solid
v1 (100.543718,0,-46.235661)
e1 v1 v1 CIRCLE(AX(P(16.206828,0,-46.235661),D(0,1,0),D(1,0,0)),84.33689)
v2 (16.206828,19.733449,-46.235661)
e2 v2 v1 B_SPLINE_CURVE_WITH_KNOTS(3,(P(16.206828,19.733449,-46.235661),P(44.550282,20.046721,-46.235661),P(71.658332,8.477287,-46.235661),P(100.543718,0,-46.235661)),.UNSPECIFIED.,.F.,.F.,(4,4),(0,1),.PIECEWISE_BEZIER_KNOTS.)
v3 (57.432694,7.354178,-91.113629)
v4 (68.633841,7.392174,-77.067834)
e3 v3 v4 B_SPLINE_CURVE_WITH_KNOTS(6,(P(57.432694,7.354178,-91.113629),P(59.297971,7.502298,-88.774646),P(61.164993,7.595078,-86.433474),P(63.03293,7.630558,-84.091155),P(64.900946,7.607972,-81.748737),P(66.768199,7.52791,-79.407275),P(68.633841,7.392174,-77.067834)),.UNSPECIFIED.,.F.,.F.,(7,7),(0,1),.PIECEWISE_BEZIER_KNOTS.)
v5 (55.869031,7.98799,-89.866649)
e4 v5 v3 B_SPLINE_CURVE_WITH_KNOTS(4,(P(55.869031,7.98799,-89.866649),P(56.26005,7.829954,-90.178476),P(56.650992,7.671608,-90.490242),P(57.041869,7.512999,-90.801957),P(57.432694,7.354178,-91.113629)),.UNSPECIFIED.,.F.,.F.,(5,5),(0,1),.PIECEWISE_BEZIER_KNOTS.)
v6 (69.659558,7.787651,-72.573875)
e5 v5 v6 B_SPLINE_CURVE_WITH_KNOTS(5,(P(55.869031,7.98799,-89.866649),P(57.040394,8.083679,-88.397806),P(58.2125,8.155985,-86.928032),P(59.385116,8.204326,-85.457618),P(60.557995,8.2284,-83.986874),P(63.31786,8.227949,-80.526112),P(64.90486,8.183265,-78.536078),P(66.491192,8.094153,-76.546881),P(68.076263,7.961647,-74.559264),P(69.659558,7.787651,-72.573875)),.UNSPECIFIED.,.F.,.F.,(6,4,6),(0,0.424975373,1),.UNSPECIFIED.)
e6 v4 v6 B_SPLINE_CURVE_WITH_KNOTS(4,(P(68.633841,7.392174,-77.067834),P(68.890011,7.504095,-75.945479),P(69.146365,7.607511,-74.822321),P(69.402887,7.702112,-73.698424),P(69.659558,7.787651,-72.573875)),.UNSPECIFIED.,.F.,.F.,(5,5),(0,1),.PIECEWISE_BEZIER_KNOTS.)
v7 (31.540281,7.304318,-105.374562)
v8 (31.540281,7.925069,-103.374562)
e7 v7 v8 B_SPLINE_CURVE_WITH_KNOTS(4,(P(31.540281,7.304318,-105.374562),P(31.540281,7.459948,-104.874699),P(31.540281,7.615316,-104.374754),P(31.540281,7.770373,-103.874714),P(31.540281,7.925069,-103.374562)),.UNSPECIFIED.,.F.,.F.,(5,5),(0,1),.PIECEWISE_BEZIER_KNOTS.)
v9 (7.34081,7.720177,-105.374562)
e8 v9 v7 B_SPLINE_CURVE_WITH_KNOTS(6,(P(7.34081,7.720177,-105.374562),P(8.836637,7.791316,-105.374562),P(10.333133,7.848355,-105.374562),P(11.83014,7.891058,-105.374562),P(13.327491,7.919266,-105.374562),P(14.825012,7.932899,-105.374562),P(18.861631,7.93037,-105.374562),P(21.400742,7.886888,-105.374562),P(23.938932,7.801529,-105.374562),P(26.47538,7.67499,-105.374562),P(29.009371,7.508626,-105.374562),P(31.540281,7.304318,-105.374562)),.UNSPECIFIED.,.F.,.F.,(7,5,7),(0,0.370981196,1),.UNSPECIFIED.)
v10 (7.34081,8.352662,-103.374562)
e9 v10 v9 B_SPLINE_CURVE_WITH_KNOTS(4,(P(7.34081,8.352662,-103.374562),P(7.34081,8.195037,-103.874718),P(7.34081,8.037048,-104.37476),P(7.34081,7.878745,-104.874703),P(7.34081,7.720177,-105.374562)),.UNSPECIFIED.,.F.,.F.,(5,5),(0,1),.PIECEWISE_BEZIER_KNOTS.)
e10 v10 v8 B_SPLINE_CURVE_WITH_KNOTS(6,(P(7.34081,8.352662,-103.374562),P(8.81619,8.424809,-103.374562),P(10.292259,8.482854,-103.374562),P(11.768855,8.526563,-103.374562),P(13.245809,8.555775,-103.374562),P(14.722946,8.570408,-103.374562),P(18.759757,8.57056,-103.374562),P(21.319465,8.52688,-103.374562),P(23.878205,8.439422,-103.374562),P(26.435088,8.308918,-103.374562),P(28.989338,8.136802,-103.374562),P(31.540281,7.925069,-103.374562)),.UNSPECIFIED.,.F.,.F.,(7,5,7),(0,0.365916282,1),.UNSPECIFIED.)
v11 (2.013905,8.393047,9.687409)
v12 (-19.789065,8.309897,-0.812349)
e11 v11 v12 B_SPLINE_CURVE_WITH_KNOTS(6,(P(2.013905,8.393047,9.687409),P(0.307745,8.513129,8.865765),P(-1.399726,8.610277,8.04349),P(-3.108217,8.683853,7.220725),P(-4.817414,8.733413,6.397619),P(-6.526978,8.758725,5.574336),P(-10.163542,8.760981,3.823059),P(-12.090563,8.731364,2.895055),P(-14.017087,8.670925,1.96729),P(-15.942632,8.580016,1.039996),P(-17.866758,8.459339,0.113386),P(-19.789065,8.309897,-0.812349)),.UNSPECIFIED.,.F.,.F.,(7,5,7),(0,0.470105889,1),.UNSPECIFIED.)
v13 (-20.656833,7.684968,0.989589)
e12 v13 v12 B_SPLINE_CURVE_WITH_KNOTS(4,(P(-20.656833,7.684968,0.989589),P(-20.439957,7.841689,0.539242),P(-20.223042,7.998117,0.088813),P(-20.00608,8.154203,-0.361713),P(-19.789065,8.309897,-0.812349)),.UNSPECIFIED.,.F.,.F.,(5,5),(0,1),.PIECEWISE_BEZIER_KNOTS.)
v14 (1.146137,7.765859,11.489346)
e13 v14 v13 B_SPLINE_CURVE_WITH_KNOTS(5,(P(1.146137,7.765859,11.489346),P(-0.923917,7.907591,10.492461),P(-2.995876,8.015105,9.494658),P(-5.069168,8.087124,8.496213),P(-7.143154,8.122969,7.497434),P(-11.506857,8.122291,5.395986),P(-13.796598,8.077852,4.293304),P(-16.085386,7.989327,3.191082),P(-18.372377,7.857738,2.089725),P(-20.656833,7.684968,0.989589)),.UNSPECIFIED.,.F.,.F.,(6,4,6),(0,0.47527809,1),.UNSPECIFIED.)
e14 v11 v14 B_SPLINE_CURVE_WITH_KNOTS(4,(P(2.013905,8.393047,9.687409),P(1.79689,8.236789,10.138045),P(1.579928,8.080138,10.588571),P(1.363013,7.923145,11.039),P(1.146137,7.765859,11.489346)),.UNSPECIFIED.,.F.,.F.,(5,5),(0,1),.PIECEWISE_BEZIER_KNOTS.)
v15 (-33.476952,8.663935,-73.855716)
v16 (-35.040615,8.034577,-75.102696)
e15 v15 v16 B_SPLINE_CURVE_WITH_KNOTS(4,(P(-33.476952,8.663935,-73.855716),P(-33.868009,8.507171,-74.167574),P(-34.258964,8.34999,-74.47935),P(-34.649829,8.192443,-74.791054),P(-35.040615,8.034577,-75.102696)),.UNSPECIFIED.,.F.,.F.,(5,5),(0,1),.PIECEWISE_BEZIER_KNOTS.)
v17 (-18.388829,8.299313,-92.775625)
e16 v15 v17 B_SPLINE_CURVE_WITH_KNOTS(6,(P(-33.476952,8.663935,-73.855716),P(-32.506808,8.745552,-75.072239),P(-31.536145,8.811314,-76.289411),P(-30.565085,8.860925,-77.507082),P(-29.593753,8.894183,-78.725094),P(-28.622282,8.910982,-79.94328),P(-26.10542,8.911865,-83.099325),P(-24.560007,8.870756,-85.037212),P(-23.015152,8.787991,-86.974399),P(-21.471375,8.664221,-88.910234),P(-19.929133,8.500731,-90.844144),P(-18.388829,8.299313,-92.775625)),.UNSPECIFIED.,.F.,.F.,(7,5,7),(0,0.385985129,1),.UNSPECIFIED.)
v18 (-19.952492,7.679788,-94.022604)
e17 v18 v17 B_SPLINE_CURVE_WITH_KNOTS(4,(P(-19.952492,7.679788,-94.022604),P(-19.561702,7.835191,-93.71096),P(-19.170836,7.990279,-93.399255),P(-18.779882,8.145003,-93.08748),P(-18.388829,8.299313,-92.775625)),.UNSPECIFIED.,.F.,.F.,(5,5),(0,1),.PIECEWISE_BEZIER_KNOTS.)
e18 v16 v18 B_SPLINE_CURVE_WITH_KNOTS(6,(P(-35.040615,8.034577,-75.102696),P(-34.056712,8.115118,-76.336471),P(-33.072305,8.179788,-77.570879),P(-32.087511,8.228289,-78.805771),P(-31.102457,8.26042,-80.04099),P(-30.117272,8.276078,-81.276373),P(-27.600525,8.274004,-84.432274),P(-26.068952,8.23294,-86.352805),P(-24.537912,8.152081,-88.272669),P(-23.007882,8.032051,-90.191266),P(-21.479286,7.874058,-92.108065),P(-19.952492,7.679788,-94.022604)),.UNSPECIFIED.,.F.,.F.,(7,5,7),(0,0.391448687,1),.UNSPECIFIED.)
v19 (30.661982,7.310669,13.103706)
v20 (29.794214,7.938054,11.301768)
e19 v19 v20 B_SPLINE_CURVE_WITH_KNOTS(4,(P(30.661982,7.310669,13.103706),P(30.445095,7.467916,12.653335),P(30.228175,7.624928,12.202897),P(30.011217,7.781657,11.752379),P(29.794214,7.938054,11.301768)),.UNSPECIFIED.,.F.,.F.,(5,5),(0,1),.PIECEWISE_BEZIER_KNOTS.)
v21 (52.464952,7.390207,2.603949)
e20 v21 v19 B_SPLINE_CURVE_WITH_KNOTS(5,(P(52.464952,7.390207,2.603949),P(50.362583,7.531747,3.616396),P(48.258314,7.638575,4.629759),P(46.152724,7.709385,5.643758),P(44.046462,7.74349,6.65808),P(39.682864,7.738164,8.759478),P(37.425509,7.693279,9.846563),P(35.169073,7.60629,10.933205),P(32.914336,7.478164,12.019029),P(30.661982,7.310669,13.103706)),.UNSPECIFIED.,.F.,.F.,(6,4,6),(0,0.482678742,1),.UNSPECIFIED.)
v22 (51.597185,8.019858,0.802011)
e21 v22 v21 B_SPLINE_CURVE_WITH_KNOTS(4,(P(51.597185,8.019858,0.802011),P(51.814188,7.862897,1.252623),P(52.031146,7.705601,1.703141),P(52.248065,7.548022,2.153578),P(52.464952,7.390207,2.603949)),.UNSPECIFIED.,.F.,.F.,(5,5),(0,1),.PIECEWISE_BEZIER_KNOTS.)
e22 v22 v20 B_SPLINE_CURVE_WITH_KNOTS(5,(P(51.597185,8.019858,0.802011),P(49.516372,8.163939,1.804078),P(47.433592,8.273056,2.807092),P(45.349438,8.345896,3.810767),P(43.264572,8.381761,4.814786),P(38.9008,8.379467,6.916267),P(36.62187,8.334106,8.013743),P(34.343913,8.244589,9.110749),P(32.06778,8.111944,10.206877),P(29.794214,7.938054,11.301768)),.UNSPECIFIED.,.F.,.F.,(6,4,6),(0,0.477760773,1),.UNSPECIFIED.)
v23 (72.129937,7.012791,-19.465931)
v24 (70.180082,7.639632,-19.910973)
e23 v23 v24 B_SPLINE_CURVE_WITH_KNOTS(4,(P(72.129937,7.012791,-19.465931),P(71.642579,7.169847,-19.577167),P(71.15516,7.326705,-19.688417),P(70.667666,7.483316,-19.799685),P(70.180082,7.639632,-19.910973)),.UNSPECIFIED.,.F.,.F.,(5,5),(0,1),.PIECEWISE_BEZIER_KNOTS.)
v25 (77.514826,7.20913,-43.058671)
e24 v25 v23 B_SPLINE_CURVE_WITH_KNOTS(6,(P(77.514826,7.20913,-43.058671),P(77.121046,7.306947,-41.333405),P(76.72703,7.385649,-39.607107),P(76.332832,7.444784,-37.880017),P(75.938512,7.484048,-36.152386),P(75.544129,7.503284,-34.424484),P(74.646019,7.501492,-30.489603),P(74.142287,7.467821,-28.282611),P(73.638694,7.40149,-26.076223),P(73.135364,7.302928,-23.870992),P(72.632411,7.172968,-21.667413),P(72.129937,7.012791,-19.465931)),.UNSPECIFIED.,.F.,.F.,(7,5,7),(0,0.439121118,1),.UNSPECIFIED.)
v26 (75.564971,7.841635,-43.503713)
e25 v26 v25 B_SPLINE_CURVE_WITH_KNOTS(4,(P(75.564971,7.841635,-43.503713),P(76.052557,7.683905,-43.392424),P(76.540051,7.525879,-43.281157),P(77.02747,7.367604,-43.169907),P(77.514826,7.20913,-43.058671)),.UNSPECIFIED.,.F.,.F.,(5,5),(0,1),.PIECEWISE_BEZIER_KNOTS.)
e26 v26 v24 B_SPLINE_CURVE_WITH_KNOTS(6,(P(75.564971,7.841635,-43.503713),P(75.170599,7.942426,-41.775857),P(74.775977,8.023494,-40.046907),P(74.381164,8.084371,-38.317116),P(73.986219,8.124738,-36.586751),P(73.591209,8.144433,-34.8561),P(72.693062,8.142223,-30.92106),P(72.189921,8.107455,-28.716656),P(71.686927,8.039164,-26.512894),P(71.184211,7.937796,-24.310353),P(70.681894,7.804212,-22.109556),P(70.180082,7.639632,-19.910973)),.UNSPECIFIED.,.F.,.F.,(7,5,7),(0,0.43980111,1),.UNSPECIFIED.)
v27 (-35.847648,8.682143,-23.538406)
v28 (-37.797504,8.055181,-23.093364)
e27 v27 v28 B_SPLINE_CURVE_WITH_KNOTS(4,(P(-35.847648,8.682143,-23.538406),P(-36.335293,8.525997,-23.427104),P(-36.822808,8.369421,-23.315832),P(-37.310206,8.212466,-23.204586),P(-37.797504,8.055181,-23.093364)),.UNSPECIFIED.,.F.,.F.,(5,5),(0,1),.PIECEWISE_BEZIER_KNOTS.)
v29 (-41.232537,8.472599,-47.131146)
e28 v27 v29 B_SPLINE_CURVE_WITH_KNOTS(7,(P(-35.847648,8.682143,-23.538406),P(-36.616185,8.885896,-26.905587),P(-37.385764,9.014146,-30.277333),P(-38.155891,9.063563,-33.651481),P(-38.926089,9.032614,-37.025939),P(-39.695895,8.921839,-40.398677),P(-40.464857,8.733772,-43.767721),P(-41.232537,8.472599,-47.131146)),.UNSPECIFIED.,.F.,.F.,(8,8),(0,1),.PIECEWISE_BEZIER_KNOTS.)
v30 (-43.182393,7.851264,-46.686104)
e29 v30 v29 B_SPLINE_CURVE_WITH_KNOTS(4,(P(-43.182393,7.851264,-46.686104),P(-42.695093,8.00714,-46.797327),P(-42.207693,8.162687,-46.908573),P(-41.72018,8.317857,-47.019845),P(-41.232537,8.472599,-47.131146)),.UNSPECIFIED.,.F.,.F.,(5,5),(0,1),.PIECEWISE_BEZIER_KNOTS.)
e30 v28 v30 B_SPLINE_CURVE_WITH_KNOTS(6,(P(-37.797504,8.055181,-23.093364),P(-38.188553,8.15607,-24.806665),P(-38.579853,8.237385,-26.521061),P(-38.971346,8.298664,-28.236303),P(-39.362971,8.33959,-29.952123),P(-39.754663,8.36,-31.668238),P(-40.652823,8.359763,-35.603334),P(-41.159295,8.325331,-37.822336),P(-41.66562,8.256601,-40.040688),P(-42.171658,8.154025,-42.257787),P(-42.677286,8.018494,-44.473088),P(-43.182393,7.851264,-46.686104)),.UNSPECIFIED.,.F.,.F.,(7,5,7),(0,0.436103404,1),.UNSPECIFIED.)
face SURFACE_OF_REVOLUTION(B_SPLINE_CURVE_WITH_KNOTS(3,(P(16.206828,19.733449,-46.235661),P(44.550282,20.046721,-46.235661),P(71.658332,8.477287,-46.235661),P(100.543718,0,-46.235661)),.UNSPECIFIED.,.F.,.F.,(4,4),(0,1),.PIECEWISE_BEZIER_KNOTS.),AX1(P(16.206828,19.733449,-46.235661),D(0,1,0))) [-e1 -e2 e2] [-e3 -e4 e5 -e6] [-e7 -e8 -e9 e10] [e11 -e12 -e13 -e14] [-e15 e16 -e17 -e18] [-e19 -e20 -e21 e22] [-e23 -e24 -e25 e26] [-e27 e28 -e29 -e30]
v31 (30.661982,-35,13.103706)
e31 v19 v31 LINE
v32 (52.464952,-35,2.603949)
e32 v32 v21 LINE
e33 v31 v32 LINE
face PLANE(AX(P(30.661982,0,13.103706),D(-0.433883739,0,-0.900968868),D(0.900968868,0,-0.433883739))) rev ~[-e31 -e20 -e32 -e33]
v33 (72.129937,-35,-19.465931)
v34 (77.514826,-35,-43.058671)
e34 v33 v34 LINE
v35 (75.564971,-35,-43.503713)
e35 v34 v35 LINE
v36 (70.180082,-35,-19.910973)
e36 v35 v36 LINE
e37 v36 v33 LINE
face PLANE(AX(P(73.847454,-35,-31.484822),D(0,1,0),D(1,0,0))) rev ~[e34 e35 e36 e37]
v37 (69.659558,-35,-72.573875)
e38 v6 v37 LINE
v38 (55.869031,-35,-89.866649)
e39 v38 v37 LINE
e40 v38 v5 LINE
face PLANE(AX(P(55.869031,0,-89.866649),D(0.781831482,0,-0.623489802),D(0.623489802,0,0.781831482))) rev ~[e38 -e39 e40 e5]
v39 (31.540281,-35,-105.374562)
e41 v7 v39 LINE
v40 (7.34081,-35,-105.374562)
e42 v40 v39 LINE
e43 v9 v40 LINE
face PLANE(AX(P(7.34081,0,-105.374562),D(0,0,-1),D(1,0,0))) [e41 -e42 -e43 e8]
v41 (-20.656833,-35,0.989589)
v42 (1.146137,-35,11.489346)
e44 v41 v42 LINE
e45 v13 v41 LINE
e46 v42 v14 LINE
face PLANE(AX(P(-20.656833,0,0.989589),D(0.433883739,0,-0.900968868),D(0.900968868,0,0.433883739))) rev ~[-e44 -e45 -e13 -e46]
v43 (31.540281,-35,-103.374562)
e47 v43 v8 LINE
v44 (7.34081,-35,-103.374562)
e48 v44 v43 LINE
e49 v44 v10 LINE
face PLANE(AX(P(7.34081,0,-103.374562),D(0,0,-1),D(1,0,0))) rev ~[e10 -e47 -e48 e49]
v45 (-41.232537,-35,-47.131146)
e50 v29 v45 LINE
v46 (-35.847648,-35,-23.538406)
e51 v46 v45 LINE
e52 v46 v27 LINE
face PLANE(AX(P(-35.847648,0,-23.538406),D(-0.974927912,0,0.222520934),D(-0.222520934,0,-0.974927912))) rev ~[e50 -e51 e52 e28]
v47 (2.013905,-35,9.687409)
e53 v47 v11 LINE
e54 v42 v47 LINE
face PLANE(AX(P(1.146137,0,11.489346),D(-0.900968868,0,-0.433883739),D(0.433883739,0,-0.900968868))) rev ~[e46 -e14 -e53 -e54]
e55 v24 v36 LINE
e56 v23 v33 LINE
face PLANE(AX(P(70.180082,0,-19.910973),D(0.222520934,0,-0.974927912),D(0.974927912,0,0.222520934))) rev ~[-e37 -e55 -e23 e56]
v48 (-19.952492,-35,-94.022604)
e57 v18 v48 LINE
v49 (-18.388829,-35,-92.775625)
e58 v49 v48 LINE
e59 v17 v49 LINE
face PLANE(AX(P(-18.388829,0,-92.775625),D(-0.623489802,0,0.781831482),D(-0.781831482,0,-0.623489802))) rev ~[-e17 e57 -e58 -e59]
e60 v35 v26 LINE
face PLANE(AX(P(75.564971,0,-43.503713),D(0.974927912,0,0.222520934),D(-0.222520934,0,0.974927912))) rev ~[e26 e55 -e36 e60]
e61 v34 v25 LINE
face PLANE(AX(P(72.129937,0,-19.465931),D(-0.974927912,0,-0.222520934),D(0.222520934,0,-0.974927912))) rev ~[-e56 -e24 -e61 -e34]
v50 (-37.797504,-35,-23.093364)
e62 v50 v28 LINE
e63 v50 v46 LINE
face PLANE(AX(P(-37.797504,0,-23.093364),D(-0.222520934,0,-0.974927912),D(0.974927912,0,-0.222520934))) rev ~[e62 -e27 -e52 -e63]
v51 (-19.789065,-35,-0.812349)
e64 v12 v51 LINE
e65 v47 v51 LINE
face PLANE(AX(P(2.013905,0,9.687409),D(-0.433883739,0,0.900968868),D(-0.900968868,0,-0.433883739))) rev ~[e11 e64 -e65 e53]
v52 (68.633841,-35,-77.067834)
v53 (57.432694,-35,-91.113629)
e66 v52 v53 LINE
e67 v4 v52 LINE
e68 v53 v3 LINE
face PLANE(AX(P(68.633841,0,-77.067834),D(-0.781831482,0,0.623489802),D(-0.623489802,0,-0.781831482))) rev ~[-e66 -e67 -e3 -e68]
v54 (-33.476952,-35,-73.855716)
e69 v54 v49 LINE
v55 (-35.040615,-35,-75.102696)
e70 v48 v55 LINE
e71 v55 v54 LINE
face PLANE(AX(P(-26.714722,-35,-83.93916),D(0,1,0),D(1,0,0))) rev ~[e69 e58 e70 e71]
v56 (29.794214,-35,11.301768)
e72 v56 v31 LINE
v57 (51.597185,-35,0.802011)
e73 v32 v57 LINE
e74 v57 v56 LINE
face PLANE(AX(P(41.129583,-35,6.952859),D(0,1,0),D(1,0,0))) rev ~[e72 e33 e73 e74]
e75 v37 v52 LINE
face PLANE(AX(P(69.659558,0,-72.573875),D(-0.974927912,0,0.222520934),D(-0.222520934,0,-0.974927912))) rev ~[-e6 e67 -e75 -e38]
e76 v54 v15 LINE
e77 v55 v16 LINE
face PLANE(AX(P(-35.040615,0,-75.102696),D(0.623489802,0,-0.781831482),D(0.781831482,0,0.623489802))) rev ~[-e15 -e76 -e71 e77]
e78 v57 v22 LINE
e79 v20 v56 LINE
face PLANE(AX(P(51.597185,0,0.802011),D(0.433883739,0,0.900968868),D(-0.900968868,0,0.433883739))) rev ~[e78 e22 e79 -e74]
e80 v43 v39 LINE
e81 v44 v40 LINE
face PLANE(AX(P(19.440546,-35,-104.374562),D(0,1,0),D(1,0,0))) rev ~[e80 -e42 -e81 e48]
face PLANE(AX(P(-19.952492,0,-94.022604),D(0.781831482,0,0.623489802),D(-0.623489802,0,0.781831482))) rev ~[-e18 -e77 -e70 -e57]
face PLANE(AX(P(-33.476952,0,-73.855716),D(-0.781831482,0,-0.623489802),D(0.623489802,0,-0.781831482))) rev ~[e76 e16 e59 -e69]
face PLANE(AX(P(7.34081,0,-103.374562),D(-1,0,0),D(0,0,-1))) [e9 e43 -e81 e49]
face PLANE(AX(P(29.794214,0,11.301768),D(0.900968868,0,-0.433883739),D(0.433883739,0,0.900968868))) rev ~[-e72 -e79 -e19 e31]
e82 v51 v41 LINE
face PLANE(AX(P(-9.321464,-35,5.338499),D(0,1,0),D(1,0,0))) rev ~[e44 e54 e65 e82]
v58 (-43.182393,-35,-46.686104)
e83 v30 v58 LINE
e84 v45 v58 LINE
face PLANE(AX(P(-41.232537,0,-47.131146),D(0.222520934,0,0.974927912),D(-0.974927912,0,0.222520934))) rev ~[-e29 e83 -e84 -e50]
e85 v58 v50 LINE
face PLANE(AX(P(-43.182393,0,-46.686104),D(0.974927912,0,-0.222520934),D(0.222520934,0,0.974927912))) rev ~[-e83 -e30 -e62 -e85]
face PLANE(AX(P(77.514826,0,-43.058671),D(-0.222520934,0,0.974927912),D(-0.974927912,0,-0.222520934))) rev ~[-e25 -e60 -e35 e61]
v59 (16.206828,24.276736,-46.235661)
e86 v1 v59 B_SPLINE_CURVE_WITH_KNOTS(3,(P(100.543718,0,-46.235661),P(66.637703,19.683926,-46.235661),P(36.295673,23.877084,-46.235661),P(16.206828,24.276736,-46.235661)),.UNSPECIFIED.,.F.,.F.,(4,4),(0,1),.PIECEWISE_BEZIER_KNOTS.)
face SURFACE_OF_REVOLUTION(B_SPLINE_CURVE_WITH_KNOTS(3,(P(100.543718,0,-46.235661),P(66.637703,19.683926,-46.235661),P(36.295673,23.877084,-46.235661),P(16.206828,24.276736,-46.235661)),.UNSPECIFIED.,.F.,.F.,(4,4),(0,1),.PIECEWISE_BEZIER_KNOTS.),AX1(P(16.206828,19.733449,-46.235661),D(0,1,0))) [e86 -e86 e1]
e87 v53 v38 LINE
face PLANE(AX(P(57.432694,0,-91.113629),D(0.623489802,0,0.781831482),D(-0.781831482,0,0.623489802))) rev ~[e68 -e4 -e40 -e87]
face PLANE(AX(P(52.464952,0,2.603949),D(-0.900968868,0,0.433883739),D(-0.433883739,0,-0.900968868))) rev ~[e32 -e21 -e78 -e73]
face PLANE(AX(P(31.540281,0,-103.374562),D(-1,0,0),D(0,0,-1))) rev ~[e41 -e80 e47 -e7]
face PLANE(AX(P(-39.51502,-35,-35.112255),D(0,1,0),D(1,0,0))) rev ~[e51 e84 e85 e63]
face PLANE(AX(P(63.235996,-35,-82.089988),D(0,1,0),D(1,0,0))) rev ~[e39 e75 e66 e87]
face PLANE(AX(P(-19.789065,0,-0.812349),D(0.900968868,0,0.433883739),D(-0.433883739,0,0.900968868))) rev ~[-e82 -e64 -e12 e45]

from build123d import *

# Parameters (mm, degrees)
SKETCH1_W                       = 24.199471414
SKETCH1_H                       = 2
BOSS_EXTRUDE1_DEPTH             = 35
BOSS_EXTRUDE1_DIRECTION_2_REACH = 26.277


with BuildPart() as part:
    # Sketch6 → Revolve3 (revolve)
    with BuildSketch(Plane.XY.offset(-46.235660898)):
        with BuildLine():
            Line((16.206828031, 19.733449427), (16.206828031, 24.27673627))
            add(Edge.make_bspline(
                [(100.543718281, 0), (66.637702737, 19.683925925), (36.295673337, 23.877083975), (16.206828031, 24.27673627)],
                knots=[0, 0, 0, 0, 1, 1, 1, 1], degree=3))
            add(Edge.make_bspline(
                [(16.206828031, 19.733449427), (44.550281864, 20.046720972), (71.658331759, 8.477286849), (100.543718281, 0)],
                knots=[0, 0, 0, 0, 1, 1, 1, 1], degree=3))
        make_face()
    revolve(axis=Axis((16.206828031, 19.733449427, -46.235660898), (0, 1, 0)))

    # Sketch1 → Boss-Extrude1 (add)
    with BuildSketch(Plane(origin=(0, 0, 0), x_dir=(1, 0, 0), z_dir=(0, 1, 0))):
        with Locations((19.440545507, 104.374561644)):
            Rectangle(SKETCH1_W, SKETCH1_H)
        Polygon((68.633841253, 77.067834217), (57.432693736, 91.113628939), (55.869030771, 89.866649335), (69.659558116, 72.573875009), align=None)
        Polygon((72.129937387, 19.465930814), (77.514826367, 43.058670955), (75.564970543, 43.503712823), (70.180081563, 19.910972681), align=None)
        Polygon((30.661981859, -13.103705945), (52.464952222, -2.603948803), (51.597184744, -0.802011068), (29.79421438, -11.301768209), align=None)
        Polygon((-20.656832908, -0.989589169), (1.146137456, -11.48934631), (2.013904934, -9.687408574), (-19.78906543, 0.812348567), align=None)
        Polygon((-43.18239268, 46.686104127), (-37.7975037, 23.093363986), (-35.847647875, 23.538405854), (-41.232536856, 47.131145995), align=None)
        Polygon((-19.952491512, 94.022604484), (-35.040615149, 75.102695874), (-33.476952184, 73.85571627), (-18.388828547, 92.77562488), align=None)
    extrude(amount=-BOSS_EXTRUDE1_DEPTH)

    # Sketch1 → Boss-Extrude1 direction 2 (add, up to next)
    with BuildSketch(Plane(origin=(0, 0, 0), x_dir=(1, 0, 0), z_dir=(0, 1, 0)), mode=Mode.PRIVATE) as boss_extrude1_direction_2_sk1:
        with Locations((19.440545507, 104.374561644)):
            Rectangle(SKETCH1_W, SKETCH1_H)
    boss_extrude1_direction_2_tool1 = extrude(boss_extrude1_direction_2_sk1.sketch, amount=BOSS_EXTRUDE1_DIRECTION_2_REACH, mode=Mode.PRIVATE) - part.part
    add(boss_extrude1_direction_2_tool1.solids().sort_by_distance((19.440546, 0, -104.374562))[0])
    # Sketch1 → Boss-Extrude1 direction 2 (add, up to next)
    with BuildSketch(Plane(origin=(0, 0, 0), x_dir=(1, 0, 0), z_dir=(0, 1, 0)), mode=Mode.PRIVATE) as boss_extrude1_direction_2_sk2:
        Polygon((68.633841253, 77.067834217), (57.432693736, 91.113628939), (55.869030771, 89.866649335), (69.659558116, 72.573875009), align=None)
    boss_extrude1_direction_2_tool2 = extrude(boss_extrude1_direction_2_sk2.sketch, amount=BOSS_EXTRUDE1_DIRECTION_2_REACH, mode=Mode.PRIVATE) - part.part
    add(boss_extrude1_direction_2_tool2.solids().sort_by_distance((62.894136, 0, -82.605929))[0])
    # Sketch1 → Boss-Extrude1 direction 2 (add, up to next)
    with BuildSketch(Plane(origin=(0, 0, 0), x_dir=(1, 0, 0), z_dir=(0, 1, 0)), mode=Mode.PRIVATE) as boss_extrude1_direction_2_sk3:
        Polygon((72.129937387, 19.465930814), (77.514826367, 43.058670955), (75.564970543, 43.503712823), (70.180081563, 19.910972681), align=None)
    boss_extrude1_direction_2_tool3 = extrude(boss_extrude1_direction_2_sk3.sketch, amount=BOSS_EXTRUDE1_DIRECTION_2_REACH, mode=Mode.PRIVATE) - part.part
    add(boss_extrude1_direction_2_tool3.solids().sort_by_distance((73.847454, 0, -31.484822))[0])
    # Sketch1 → Boss-Extrude1 direction 2 (add, up to next)
    with BuildSketch(Plane(origin=(0, 0, 0), x_dir=(1, 0, 0), z_dir=(0, 1, 0)), mode=Mode.PRIVATE) as boss_extrude1_direction_2_sk4:
        Polygon((30.661981859, -13.103705945), (52.464952222, -2.603948803), (51.597184744, -0.802011068), (29.79421438, -11.301768209), align=None)
    boss_extrude1_direction_2_tool4 = extrude(boss_extrude1_direction_2_sk4.sketch, amount=BOSS_EXTRUDE1_DIRECTION_2_REACH, mode=Mode.PRIVATE) - part.part
    add(boss_extrude1_direction_2_tool4.solids().sort_by_distance((41.129583, 0, 6.952859))[0])
    # Sketch1 → Boss-Extrude1 direction 2 (add, up to next)
    with BuildSketch(Plane(origin=(0, 0, 0), x_dir=(1, 0, 0), z_dir=(0, 1, 0)), mode=Mode.PRIVATE) as boss_extrude1_direction_2_sk5:
        Polygon((-20.656832908, -0.989589169), (1.146137456, -11.48934631), (2.013904934, -9.687408574), (-19.78906543, 0.812348567), align=None)
    boss_extrude1_direction_2_tool5 = extrude(boss_extrude1_direction_2_sk5.sketch, amount=BOSS_EXTRUDE1_DIRECTION_2_REACH, mode=Mode.PRIVATE) - part.part
    add(boss_extrude1_direction_2_tool5.solids().sort_by_distance((-9.321464, 0, 5.338499))[0])
    # Sketch1 → Boss-Extrude1 direction 2 (add, up to next)
    with BuildSketch(Plane(origin=(0, 0, 0), x_dir=(1, 0, 0), z_dir=(0, 1, 0)), mode=Mode.PRIVATE) as boss_extrude1_direction_2_sk6:
        Polygon((-43.18239268, 46.686104127), (-37.7975037, 23.093363986), (-35.847647875, 23.538405854), (-41.232536856, 47.131145995), align=None)
    boss_extrude1_direction_2_tool6 = extrude(boss_extrude1_direction_2_sk6.sketch, amount=BOSS_EXTRUDE1_DIRECTION_2_REACH, mode=Mode.PRIVATE) - part.part
    add(boss_extrude1_direction_2_tool6.solids().sort_by_distance((-39.51502, 0, -35.112255))[0])
    # Sketch1 → Boss-Extrude1 direction 2 (add, up to next)
    with BuildSketch(Plane(origin=(0, 0, 0), x_dir=(1, 0, 0), z_dir=(0, 1, 0)), mode=Mode.PRIVATE) as boss_extrude1_direction_2_sk7:
        Polygon((-19.952491512, 94.022604484), (-35.040615149, 75.102695874), (-33.476952184, 73.85571627), (-18.388828547, 92.77562488), align=None)
    boss_extrude1_direction_2_tool7 = extrude(boss_extrude1_direction_2_sk7.sketch, amount=BOSS_EXTRUDE1_DIRECTION_2_REACH, mode=Mode.PRIVATE) - part.part
    add(boss_extrude1_direction_2_tool7.solids().sort_by_distance((-26.714722, 0, -83.93916))[0])


solid = part.part
